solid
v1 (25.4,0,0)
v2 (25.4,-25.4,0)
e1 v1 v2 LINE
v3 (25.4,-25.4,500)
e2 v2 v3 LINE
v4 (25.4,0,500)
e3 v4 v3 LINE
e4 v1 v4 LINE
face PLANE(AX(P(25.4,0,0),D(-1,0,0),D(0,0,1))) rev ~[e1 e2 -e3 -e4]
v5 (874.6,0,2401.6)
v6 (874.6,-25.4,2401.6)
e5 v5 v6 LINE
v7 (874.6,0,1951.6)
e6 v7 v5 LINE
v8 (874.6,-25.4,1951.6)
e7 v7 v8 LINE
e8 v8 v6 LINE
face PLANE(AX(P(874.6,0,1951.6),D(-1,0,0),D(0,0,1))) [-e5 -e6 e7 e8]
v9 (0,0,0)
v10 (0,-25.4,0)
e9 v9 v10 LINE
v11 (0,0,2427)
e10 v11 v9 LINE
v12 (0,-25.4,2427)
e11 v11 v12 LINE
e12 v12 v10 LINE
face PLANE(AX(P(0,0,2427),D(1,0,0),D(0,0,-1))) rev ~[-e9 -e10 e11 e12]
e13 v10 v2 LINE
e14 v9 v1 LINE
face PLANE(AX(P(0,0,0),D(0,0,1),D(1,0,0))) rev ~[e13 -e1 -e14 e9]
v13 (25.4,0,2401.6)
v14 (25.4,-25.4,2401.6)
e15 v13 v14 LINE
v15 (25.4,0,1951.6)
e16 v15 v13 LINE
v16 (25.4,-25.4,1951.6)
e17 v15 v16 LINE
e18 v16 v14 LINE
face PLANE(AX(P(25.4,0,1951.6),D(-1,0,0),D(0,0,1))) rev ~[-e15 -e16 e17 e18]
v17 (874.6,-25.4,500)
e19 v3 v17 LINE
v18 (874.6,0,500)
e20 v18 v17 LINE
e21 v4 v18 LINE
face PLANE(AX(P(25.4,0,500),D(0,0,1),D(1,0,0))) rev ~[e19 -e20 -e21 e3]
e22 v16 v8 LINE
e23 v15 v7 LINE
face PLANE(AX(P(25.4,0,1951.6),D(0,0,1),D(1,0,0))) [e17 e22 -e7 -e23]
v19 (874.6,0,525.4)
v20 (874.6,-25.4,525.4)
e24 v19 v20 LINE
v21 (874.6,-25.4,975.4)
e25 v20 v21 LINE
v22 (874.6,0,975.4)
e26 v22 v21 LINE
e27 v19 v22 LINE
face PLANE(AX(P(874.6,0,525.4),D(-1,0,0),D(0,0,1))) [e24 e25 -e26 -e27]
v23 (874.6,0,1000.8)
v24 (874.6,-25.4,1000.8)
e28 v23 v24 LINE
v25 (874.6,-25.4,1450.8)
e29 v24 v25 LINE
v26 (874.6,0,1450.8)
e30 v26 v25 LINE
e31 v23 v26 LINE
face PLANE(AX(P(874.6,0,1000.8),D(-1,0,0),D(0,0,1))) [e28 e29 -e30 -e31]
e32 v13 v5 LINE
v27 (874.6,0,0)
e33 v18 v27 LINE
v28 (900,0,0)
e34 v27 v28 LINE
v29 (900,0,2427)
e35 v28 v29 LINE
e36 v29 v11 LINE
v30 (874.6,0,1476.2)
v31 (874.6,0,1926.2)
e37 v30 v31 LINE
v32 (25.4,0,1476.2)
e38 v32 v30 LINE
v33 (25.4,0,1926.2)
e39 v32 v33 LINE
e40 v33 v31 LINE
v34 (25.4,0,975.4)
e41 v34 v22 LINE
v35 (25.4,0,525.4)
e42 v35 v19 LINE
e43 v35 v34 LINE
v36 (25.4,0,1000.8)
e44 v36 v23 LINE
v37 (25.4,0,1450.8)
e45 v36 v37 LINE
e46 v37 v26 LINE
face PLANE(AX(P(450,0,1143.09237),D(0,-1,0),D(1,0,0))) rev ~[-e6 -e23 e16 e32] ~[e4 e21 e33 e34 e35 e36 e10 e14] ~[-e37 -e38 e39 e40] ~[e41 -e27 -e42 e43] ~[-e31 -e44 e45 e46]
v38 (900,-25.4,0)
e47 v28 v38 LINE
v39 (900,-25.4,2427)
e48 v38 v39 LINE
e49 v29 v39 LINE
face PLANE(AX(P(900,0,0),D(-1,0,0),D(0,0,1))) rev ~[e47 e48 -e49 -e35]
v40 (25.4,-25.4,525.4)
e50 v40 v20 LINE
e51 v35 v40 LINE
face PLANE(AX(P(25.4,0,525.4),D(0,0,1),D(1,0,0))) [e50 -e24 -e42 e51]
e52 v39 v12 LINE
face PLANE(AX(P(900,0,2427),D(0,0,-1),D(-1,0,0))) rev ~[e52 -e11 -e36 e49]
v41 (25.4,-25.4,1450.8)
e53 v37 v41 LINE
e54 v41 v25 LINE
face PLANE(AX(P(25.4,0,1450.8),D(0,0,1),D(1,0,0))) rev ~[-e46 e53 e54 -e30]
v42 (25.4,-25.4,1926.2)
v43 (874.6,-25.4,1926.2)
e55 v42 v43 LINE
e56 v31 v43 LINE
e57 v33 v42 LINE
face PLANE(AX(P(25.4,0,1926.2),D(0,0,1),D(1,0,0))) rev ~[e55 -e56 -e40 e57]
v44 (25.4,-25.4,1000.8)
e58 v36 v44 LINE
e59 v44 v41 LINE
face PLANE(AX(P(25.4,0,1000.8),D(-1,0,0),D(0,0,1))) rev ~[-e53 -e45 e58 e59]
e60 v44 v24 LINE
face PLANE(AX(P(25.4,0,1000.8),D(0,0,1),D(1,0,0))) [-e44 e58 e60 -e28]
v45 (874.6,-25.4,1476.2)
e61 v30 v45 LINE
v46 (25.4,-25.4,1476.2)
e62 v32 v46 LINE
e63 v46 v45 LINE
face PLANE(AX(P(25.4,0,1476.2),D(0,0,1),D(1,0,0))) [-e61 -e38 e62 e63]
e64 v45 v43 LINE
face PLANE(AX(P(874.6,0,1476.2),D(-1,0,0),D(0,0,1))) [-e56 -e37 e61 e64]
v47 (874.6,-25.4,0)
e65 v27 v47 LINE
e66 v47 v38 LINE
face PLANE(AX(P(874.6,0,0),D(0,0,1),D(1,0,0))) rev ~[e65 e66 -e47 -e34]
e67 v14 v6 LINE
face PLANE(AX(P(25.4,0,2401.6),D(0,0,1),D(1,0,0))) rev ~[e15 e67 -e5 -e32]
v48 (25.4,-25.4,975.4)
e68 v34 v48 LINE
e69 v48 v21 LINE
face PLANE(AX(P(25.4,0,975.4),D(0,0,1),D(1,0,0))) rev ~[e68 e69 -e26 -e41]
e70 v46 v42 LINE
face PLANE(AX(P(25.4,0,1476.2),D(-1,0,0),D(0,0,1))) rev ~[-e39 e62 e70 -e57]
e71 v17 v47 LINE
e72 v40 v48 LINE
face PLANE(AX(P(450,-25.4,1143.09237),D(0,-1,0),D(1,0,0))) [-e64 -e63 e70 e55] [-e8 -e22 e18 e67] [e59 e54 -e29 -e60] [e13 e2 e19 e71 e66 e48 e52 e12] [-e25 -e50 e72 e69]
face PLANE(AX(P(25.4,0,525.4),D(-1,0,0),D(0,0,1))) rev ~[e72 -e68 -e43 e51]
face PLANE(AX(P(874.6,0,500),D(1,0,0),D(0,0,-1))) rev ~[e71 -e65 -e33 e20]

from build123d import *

# Parameters (mm, degrees)
F0_W     = 849.2
F0_H     = 450
F1_DEPTH = 25.4


with BuildPart() as f1:
    # F0 (on Front) → F1 (new body)
    with BuildSketch(Plane.XZ):
        Polygon((0, 2427), (0, 0), (25.4, 0), (25.4, 500), (874.6, 500), (874.6, 0), (900, 0), (900, 2427), align=None)
        with Locations((450, 750.4)):
            Rectangle(F0_W, F0_H, mode=Mode.SUBTRACT)
        with Locations((450, 1225.8)):
            Rectangle(F0_W, F0_H, mode=Mode.SUBTRACT)
        with Locations((450, 1701.2)):
            Rectangle(F0_W, F0_H, mode=Mode.SUBTRACT)
        with Locations((450, 2176.6)):
            Rectangle(F0_W, F0_H, mode=Mode.SUBTRACT)
    extrude(amount=F1_DEPTH)


solid = f1.part
